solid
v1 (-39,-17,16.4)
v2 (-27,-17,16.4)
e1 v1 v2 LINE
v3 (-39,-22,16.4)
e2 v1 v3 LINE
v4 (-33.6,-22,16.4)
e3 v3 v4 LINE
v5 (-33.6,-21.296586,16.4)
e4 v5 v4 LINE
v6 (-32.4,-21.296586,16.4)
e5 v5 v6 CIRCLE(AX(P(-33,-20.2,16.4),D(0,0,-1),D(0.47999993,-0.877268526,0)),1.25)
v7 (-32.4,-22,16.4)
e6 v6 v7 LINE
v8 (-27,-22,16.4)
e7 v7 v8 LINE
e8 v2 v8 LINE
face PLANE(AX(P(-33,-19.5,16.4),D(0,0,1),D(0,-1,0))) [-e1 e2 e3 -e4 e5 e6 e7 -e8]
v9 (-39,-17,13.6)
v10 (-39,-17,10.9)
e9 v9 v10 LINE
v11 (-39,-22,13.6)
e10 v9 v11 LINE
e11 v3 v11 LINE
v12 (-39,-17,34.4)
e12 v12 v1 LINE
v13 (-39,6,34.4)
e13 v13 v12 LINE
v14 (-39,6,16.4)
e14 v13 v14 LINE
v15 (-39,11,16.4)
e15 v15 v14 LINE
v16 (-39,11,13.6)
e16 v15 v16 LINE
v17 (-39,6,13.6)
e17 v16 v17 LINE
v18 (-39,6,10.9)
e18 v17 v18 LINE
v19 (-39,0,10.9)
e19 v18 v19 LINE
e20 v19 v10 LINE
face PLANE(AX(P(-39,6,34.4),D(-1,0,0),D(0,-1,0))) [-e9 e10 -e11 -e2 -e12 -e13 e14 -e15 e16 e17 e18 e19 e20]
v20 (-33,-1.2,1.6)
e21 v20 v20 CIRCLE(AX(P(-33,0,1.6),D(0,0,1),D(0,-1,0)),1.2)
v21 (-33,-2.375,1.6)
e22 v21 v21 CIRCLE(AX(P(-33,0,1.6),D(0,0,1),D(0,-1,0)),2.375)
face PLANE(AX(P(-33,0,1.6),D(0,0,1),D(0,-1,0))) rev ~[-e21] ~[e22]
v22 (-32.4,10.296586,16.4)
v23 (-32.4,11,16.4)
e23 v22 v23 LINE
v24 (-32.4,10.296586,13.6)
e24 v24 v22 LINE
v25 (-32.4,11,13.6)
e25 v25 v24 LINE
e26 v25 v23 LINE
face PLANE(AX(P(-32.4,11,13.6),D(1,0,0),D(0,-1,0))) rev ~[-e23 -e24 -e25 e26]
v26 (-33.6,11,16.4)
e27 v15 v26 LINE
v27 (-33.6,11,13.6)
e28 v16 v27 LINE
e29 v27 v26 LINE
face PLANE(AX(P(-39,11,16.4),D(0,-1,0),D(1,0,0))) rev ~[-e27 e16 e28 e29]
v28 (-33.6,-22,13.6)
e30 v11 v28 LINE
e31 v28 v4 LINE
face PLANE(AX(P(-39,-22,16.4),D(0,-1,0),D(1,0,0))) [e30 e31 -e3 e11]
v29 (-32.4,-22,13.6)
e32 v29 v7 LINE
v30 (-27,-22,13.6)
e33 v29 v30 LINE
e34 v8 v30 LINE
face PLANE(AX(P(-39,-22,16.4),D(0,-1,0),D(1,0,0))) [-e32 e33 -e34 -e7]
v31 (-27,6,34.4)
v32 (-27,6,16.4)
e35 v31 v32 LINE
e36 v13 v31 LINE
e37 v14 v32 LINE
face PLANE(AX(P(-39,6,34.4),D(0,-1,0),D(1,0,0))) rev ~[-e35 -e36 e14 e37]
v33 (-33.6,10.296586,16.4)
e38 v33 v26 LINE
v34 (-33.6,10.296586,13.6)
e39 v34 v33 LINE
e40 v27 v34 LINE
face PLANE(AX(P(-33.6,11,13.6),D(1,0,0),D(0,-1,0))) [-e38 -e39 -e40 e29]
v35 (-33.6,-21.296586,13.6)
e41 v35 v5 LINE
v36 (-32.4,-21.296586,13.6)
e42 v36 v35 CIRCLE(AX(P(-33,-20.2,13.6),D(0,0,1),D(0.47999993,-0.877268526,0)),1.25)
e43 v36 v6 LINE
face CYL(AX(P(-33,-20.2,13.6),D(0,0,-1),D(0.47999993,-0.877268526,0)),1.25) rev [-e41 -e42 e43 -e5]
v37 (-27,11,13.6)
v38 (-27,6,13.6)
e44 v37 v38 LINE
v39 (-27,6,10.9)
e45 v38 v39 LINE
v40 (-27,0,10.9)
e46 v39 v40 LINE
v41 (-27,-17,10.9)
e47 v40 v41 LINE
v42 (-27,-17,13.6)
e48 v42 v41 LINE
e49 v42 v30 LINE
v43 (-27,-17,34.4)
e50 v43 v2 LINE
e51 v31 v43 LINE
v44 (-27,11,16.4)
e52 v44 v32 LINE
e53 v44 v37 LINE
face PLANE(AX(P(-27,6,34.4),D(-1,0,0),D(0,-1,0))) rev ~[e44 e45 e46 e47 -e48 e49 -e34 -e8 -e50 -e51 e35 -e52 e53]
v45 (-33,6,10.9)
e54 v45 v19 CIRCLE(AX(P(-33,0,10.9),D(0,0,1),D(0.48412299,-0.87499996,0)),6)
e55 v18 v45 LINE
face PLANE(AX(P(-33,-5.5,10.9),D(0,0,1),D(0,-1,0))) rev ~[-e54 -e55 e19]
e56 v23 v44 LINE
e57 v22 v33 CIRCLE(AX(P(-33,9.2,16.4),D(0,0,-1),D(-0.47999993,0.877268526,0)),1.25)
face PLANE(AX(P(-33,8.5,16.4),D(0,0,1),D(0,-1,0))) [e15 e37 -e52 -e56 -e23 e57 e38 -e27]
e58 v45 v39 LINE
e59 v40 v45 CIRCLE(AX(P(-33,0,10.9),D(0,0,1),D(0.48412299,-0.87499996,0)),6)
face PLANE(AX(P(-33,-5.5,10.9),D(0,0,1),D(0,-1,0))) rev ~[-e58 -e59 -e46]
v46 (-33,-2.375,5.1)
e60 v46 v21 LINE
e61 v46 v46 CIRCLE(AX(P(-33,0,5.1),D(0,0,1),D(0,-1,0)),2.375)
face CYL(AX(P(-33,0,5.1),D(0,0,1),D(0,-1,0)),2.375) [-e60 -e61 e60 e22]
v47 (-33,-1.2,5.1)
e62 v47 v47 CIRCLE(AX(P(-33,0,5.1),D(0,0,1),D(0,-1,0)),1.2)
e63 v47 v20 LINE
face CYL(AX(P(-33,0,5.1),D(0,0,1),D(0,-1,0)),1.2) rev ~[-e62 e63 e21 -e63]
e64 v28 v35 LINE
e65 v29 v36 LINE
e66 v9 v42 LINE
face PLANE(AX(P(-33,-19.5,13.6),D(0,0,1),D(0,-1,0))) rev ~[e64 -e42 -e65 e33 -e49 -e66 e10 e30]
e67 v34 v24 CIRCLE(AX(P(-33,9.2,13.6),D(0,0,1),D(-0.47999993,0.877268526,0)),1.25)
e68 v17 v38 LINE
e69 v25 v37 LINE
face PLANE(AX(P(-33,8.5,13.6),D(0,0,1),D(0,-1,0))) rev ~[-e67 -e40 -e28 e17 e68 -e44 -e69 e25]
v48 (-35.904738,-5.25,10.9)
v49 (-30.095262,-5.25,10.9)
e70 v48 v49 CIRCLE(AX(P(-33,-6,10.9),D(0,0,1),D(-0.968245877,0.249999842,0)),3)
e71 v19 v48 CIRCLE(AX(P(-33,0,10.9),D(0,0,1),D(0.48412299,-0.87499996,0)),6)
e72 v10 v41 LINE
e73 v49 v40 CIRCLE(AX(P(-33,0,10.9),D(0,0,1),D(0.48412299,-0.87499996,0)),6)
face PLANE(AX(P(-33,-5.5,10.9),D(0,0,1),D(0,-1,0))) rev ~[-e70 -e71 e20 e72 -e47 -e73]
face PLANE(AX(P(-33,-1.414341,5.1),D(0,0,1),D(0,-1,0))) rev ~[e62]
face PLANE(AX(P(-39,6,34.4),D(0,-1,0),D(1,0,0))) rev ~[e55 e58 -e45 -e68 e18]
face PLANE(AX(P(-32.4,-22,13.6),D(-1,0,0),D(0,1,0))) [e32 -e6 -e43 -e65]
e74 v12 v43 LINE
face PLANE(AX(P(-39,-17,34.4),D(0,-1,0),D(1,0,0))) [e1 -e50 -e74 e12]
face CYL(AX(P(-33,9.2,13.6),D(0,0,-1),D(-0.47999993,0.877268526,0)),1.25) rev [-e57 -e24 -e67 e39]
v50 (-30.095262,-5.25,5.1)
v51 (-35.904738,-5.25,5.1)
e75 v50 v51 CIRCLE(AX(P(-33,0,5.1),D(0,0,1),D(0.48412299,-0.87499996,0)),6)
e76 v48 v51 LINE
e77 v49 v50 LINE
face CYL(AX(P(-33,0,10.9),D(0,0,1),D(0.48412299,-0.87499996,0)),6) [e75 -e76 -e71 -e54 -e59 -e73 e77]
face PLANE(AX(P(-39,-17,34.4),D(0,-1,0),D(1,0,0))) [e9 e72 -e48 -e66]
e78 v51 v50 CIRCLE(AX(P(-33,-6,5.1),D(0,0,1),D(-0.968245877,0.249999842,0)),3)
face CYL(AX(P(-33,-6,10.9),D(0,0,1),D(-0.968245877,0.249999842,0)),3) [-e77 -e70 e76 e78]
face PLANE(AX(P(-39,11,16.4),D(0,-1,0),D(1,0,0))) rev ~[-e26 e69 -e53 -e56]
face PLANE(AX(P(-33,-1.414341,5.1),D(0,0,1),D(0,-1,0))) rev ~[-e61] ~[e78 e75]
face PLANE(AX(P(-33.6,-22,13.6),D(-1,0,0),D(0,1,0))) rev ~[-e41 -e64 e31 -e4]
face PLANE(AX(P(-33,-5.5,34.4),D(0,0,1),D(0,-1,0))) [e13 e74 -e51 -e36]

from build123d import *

# Parameters (mm, degrees)
SKETCH058_W             = 23
SKETCH058_H             = 12
PAD028_DEPTH            = 23.5
SKETCH059_W             = 5
SKETCH059_H             = 12
PAD029_DEPTH            = 2.8
POCKET025_DEPTH         = 5
PAD030_DEPTH            = 5.8
SKETCH062_R             = 2.375
SKETCH062_R_2           = 1.2
PAD031_DEPTH            = 3.5
BODY009_ROLL_ANGLE      = -90
BODY009_PLACEMENT_ANGLE = -90


with BuildPart() as part:
    # Sketch058 → Pad028 (new body)
    with BuildSketch(Plane.XZ):
        with Locations((11.5, 6)):
            Rectangle(SKETCH058_W, SKETCH058_H)
    extrude(amount=-PAD028_DEPTH)

    # Sketch059 → Pad029 (join)
    with BuildSketch(Plane.XZ.offset(-18)):
        with Locations((-2.5, 6)):
            Rectangle(SKETCH059_W, SKETCH059_H)
        with Locations((25.5, 6)):
            Rectangle(SKETCH059_W, SKETCH059_H)
    extrude(amount=-PAD029_DEPTH)

    # Sketch060 → Pocket025 (cut)
    with BuildSketch(Plane(origin=(-3.2, 20.8, 6), x_dir=(1, 0, 0), z_dir=(0, -1, 0))):
        with BuildLine():
            ThreePointArc((-1.096586, -0.6), (1.25, 0), (-1.096586, 0.6))
            Line((-1.8, 0.6), (-1.096586, 0.6))
            Line((-1.8, 0), (-1.8, 0.6))
            Line((-1.8, 0), (-1.8, -0.6))
            Line((-1.8, -0.6), (-1.096586, -0.6))
        make_face()
        with BuildLine():
            ThreePointArc((30.496586, 0.6), (28.15, 0), (30.496586, -0.6))
            Line((31.2, -0.6), (30.496586, -0.6))
            Line((31.2, 0), (31.2, -0.6))
            Line((31.2, 0), (31.2, 0.6))
            Line((31.2, 0.6), (30.496586, 0.6))
        make_face()
    extrude(amount=POCKET025_DEPTH, mode=Mode.SUBTRACT)

    # Sketch061 → Pad030 (join)
    with BuildSketch(Plane(origin=(6, 23.5, 6), x_dir=(1, 0, 0), z_dir=(0, -1, 0))):
        with BuildLine():
            ThreePointArc((5.25, 2.904738), (-6, 0), (5.25, -2.904738))
            ThreePointArc((5.25, -2.904738), (9, 0), (5.25, 2.904738))
        make_face()
    extrude(amount=-PAD030_DEPTH)

    # Sketch062 → Pad031 (join)
    with BuildSketch(Plane(origin=(6, 29.3, 6), x_dir=(1, 0, 0), z_dir=(0, -1, 0))):
        Circle(SKETCH062_R)
        Circle(SKETCH062_R_2, mode=Mode.SUBTRACT)
    extrude(amount=-PAD031_DEPTH)


with BuildPart() as part_1:
    # Body009 roll: moved
    add(part.part.rotate(Axis((0, 0, 0), (1, 0, 0)), BODY009_ROLL_ANGLE))


with BuildPart() as part_2:
    # Body009 placement: moved
    add(part_1.part.moved(Location((-39, 6, 34.4))).rotate(Axis((-39, 6, 34.4), (0, 0, 1)), BODY009_PLACEMENT_ANGLE))


solid = part_2.part
